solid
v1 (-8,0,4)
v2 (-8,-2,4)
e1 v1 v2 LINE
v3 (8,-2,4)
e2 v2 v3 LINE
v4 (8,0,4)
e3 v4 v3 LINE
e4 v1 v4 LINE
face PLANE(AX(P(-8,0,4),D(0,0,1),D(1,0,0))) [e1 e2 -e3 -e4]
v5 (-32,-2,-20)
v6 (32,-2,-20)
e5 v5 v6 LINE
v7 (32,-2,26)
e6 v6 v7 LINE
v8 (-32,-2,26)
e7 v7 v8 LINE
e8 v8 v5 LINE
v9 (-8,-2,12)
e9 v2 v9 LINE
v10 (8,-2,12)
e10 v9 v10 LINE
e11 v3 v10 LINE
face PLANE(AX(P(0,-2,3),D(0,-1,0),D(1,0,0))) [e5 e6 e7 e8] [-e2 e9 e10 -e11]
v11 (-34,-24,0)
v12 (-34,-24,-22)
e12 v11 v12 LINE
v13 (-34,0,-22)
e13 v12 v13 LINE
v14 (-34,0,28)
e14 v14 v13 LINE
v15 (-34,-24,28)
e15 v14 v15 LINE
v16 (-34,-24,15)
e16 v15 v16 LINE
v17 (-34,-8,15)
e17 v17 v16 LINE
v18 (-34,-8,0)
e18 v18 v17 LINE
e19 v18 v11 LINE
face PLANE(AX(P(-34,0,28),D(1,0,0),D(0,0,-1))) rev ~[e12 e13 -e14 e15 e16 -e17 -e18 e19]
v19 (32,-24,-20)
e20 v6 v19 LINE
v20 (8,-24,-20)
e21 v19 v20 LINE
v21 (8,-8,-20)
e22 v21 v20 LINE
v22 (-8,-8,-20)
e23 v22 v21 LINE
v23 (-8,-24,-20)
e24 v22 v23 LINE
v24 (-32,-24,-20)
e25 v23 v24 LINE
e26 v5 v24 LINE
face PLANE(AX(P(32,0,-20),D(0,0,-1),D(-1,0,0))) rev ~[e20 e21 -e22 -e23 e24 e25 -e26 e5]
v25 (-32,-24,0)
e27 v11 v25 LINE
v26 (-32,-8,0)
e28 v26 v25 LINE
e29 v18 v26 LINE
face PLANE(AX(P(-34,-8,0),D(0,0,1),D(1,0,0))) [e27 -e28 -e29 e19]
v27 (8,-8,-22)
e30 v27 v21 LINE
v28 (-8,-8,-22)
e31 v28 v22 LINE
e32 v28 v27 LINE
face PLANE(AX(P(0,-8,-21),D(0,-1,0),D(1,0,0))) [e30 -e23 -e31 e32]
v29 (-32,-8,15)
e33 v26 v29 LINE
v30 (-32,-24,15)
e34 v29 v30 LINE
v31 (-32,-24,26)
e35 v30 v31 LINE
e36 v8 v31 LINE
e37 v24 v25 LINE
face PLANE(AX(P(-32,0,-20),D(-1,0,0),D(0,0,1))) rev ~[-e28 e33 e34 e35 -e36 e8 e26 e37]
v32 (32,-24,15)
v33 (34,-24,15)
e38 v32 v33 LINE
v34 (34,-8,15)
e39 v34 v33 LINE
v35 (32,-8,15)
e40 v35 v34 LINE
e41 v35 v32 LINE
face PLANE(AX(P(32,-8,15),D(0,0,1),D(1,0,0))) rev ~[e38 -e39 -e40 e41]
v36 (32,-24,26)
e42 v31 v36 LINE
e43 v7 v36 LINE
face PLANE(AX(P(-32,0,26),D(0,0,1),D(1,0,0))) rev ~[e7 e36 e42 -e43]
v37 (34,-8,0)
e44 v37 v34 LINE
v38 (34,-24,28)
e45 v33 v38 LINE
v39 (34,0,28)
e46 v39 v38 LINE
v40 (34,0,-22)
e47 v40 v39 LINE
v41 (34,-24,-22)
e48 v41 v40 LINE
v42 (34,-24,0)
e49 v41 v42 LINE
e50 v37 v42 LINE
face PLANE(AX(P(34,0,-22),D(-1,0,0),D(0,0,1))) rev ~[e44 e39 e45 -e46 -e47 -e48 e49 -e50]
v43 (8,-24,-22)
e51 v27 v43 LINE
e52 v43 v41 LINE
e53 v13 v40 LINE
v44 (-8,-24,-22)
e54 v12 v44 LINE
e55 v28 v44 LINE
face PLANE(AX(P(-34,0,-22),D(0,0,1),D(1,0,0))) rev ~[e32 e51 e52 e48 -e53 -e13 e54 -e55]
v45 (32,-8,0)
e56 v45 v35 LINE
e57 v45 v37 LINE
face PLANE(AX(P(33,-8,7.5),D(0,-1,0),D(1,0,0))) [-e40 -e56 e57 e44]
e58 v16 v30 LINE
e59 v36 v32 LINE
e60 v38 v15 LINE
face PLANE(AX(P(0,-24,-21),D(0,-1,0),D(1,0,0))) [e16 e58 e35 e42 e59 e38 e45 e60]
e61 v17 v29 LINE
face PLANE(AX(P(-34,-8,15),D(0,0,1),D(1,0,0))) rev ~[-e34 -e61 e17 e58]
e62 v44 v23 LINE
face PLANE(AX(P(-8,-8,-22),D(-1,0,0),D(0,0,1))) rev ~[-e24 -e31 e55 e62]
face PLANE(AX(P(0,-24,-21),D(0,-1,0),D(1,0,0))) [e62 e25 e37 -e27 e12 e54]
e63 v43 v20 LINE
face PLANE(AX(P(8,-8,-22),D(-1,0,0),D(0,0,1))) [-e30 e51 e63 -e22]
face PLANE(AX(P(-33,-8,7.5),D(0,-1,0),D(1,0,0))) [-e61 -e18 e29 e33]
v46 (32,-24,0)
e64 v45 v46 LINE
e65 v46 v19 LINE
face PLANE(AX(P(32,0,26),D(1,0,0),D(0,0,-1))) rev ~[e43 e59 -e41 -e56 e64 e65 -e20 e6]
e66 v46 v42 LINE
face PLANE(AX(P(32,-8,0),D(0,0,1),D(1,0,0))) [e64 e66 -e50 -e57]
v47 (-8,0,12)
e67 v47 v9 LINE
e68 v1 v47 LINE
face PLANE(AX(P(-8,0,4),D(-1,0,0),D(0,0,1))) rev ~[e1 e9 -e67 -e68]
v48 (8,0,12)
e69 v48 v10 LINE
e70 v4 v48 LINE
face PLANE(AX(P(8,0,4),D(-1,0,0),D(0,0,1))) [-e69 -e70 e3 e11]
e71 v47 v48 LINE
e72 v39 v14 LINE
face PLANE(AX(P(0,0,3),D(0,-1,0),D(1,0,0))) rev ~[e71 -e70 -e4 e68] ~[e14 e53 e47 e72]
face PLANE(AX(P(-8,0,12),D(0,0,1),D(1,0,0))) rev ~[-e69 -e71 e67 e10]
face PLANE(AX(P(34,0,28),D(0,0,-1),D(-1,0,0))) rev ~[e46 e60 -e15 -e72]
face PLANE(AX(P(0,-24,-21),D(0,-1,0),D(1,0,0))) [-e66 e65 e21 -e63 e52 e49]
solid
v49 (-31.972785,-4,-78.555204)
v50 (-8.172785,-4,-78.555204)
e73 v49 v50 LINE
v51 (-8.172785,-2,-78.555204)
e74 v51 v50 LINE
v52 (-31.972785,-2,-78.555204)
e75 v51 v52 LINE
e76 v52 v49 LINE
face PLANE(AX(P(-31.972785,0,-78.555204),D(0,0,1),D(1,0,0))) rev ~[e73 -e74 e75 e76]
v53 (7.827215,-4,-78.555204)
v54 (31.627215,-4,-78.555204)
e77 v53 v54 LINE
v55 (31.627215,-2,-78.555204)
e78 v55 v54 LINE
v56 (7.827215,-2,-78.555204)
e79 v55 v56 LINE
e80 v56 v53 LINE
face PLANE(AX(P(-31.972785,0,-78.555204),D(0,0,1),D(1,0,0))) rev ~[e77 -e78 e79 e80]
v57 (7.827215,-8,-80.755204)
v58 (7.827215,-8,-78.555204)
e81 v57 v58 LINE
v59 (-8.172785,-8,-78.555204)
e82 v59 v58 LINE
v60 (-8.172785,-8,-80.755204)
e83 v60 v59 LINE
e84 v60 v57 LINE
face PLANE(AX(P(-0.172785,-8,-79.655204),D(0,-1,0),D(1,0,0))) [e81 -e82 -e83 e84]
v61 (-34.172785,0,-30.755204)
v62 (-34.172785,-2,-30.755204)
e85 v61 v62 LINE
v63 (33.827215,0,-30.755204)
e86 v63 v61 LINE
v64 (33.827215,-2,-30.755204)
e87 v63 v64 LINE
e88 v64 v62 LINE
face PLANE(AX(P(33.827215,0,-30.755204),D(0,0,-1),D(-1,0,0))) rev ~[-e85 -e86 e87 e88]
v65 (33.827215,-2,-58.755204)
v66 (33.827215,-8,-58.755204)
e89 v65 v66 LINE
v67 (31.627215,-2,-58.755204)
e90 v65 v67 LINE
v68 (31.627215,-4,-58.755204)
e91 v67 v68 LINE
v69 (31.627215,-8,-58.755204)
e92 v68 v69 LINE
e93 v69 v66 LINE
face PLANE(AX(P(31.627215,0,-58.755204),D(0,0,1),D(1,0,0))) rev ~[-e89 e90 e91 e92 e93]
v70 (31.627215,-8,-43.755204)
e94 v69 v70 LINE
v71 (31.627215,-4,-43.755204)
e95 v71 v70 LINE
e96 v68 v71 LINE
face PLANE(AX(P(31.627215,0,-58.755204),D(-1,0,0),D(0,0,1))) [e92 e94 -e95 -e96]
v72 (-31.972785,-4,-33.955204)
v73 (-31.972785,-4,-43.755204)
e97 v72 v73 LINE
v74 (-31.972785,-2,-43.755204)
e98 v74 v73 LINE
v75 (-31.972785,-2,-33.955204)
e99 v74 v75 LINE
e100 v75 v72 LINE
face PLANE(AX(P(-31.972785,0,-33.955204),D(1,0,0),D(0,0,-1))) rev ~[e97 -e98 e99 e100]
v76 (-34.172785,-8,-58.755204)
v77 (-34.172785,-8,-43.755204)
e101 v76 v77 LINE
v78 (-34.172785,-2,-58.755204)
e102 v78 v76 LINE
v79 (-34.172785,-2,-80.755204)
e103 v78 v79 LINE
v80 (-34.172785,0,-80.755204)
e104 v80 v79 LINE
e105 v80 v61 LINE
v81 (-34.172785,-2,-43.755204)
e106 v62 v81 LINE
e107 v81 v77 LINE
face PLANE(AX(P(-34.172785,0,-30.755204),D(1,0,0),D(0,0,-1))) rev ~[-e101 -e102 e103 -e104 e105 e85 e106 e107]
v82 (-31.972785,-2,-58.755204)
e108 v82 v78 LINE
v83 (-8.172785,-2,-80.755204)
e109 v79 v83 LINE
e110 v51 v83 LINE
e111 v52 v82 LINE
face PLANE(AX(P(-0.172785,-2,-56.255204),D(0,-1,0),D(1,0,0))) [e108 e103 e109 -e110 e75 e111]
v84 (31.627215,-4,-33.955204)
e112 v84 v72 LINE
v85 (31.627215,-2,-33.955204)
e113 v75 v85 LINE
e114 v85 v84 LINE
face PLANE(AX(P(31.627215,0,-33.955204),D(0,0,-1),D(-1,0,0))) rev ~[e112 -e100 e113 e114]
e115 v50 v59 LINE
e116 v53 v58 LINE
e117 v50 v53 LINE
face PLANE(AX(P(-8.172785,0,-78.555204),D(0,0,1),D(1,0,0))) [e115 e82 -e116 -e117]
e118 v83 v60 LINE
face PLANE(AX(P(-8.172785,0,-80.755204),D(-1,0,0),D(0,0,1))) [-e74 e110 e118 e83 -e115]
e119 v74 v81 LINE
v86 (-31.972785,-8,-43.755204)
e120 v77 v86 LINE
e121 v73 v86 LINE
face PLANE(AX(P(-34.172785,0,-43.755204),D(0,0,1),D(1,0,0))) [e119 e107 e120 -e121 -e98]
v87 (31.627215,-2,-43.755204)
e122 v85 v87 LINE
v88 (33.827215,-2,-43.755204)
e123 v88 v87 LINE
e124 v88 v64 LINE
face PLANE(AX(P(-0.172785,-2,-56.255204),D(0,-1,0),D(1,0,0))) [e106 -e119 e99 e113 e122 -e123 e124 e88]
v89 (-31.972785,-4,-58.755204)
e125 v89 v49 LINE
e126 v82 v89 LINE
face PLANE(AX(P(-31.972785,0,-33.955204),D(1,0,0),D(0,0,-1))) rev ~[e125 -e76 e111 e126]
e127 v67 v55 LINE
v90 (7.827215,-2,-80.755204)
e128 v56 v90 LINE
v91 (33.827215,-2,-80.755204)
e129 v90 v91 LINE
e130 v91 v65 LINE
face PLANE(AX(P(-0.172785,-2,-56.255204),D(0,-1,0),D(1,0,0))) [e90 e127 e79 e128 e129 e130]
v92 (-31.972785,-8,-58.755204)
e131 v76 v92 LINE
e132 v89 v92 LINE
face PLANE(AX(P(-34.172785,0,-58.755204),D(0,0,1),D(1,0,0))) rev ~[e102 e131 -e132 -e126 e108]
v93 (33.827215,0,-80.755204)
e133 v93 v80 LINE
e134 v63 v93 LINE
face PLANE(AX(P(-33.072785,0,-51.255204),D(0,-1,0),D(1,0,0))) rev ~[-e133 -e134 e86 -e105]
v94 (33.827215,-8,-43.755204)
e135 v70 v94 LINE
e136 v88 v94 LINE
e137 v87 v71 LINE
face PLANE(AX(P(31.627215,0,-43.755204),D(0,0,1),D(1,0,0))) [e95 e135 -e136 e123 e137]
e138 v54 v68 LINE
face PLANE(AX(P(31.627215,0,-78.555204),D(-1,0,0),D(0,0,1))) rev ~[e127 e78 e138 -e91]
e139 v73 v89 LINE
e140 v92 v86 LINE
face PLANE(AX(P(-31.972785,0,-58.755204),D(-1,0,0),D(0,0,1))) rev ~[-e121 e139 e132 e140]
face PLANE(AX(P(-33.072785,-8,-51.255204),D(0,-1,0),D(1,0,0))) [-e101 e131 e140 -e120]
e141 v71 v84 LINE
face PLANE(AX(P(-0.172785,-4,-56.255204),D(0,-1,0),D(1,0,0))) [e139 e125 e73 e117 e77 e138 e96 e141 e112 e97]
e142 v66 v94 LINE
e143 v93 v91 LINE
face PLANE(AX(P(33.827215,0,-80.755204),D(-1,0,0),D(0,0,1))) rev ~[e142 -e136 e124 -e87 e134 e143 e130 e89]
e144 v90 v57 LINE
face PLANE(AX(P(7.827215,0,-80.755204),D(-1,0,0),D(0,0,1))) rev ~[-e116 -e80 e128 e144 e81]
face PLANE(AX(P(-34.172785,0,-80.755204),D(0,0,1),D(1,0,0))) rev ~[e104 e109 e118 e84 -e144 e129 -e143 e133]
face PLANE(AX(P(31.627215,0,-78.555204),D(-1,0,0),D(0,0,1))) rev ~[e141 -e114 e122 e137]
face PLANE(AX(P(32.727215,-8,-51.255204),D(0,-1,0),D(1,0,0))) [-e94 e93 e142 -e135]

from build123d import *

# Parameters (mm, degrees)
F0_W     = 16
F0_H     = 8
F0_W_2   = 2
F0_H_2   = 15
F0_H_3   = 2
F1_DEPTH = 2
F2_DEPTH = 24
F3_START = 8
F3_DEPTH = 16
F0_W_3   = 2.2
F0_H_4   = 2.2
F4_DEPTH = 2
F5_DEPTH = 4
F6_DEPTH = 8


with BuildPart() as f1:
    # F0 (on Front) → F1 (new body)
    with BuildSketch(Plane.XZ):
        Polygon((-32, 26), (-32, 15), (-32, 0), (-32, -20), (-8, -20), (8, -20), (32, -20), (32, 0), (32, 15), (32, 26), align=None)
        with Locations((0, 8)):
            Rectangle(F0_W, F0_H, mode=Mode.SUBTRACT)
        with Locations((33, 7.5)):
            Rectangle(F0_W_2, F0_H_2)
        Polygon((34, -22), (34, 0), (32, 0), (32, -20), (8, -20), (8, -22), align=None)
        Polygon((34, 28), (-34, 28), (-34, 15), (-32, 15), (-32, 26), (32, 26), (32, 15), (34, 15), align=None)
        with Locations((-33, 7.5)):
            Rectangle(F0_W_2, F0_H_2)
        Polygon((-32, 0), (-34, 0), (-34, -22), (-8, -22), (-8, -20), (-32, -20), align=None)
        with Locations((0, -21)):
            Rectangle(F0_W, F0_H_3)
    extrude(amount=F1_DEPTH)

    # F0 (on Front) → F2 (join)
    with BuildSketch(Plane.XZ):
        with Locations((0, -21)):
            Rectangle(F0_W, F0_H_3)
        Polygon((-32, 0), (-34, 0), (-34, -22), (-8, -22), (-8, -20), (-32, -20), align=None)
        with Locations((-33, 7.5)):
            Rectangle(F0_W_2, F0_H_2)
        Polygon((34, -22), (34, 0), (32, 0), (32, -20), (8, -20), (8, -22), align=None)
        with Locations((33, 7.5)):
            Rectangle(F0_W_2, F0_H_2)
        Polygon((34, 28), (-34, 28), (-34, 15), (-32, 15), (-32, 26), (32, 26), (32, 15), (34, 15), align=None)
    extrude(amount=F2_DEPTH)

    # F0 (on Front) → F3 (cut)
    with BuildSketch(Plane.XZ.offset(F3_START)):
        with Locations((-33, 7.5)):
            Rectangle(F0_W_2, F0_H_2)
        with Locations((0, -21)):
            Rectangle(F0_W, F0_H_3)
        with Locations((33, 7.5)):
            Rectangle(F0_W_2, F0_H_2)
    extrude(amount=F3_DEPTH, mode=Mode.SUBTRACT)


with BuildPart() as f4:
    # F0 (on Front) → F4 (new body)
    with BuildSketch(Plane.XZ):
        Polygon((-31.9727845669, -33.9552039623), (-31.9727845669, -43.7552039623), (-31.9727845669, -58.7552039623), (-31.9727845669, -78.5552039623), (-8.1727845669, -78.5552039623), (7.8272154331, -78.5552039623), (31.6272154331, -78.5552039623), (31.6272154331, -58.7552039623), (31.6272154331, -43.7552039623), (31.6272154331, -33.9552039623), align=None)
        Polygon((33.8272154331, -30.7552039623), (-34.1727845669, -30.7552039623), (-34.1727845669, -43.7552039623), (-31.9727845669, -43.7552039623), (-31.9727845669, -33.9552039623), (31.6272154331, -33.9552039623), (31.6272154331, -43.7552039623), (33.8272154331, -43.7552039623), align=None)
        with Locations((-33.0727845669, -51.2552039623)):
            Rectangle(F0_W_3, F0_H_2)
        Polygon((-31.9727845669, -58.7552039623), (-34.1727845669, -58.7552039623), (-34.1727845669, -80.7552039623), (-8.1727845669, -80.7552039623), (-8.1727845669, -78.5552039623), (-31.9727845669, -78.5552039623), align=None)
        with Locations((-0.1727845669, -79.6552039623)):
            Rectangle(F0_W, F0_H_4)
        Polygon((33.8272154331, -80.7552039623), (33.8272154331, -58.7552039623), (31.6272154331, -58.7552039623), (31.6272154331, -78.5552039623), (7.8272154331, -78.5552039623), (7.8272154331, -80.7552039623), align=None)
        with Locations((32.7272154331, -51.2552039623)):
            Rectangle(F0_W_3, F0_H_2)
    extrude(amount=F4_DEPTH)

    # F0 (on Front) → F5 (join)
    with BuildSketch(Plane.XZ):
        Polygon((-31.9727845669, -33.9552039623), (-31.9727845669, -43.7552039623), (-31.9727845669, -58.7552039623), (-31.9727845669, -78.5552039623), (-8.1727845669, -78.5552039623), (7.8272154331, -78.5552039623), (31.6272154331, -78.5552039623), (31.6272154331, -58.7552039623), (31.6272154331, -43.7552039623), (31.6272154331, -33.9552039623), align=None)
    extrude(amount=F5_DEPTH)

    # F0 (on Front) → F6 (join)
    with BuildSketch(Plane.XZ):
        with Locations((-33.0727845669, -51.2552039623)):
            Rectangle(F0_W_3, F0_H_2)
        with Locations((-0.1727845669, -79.6552039623)):
            Rectangle(F0_W, F0_H_4)
        with Locations((32.7272154331, -51.2552039623)):
            Rectangle(F0_W_3, F0_H_2)
    extrude(amount=F6_DEPTH)


solid = Compound([f1.part, f4.part])
